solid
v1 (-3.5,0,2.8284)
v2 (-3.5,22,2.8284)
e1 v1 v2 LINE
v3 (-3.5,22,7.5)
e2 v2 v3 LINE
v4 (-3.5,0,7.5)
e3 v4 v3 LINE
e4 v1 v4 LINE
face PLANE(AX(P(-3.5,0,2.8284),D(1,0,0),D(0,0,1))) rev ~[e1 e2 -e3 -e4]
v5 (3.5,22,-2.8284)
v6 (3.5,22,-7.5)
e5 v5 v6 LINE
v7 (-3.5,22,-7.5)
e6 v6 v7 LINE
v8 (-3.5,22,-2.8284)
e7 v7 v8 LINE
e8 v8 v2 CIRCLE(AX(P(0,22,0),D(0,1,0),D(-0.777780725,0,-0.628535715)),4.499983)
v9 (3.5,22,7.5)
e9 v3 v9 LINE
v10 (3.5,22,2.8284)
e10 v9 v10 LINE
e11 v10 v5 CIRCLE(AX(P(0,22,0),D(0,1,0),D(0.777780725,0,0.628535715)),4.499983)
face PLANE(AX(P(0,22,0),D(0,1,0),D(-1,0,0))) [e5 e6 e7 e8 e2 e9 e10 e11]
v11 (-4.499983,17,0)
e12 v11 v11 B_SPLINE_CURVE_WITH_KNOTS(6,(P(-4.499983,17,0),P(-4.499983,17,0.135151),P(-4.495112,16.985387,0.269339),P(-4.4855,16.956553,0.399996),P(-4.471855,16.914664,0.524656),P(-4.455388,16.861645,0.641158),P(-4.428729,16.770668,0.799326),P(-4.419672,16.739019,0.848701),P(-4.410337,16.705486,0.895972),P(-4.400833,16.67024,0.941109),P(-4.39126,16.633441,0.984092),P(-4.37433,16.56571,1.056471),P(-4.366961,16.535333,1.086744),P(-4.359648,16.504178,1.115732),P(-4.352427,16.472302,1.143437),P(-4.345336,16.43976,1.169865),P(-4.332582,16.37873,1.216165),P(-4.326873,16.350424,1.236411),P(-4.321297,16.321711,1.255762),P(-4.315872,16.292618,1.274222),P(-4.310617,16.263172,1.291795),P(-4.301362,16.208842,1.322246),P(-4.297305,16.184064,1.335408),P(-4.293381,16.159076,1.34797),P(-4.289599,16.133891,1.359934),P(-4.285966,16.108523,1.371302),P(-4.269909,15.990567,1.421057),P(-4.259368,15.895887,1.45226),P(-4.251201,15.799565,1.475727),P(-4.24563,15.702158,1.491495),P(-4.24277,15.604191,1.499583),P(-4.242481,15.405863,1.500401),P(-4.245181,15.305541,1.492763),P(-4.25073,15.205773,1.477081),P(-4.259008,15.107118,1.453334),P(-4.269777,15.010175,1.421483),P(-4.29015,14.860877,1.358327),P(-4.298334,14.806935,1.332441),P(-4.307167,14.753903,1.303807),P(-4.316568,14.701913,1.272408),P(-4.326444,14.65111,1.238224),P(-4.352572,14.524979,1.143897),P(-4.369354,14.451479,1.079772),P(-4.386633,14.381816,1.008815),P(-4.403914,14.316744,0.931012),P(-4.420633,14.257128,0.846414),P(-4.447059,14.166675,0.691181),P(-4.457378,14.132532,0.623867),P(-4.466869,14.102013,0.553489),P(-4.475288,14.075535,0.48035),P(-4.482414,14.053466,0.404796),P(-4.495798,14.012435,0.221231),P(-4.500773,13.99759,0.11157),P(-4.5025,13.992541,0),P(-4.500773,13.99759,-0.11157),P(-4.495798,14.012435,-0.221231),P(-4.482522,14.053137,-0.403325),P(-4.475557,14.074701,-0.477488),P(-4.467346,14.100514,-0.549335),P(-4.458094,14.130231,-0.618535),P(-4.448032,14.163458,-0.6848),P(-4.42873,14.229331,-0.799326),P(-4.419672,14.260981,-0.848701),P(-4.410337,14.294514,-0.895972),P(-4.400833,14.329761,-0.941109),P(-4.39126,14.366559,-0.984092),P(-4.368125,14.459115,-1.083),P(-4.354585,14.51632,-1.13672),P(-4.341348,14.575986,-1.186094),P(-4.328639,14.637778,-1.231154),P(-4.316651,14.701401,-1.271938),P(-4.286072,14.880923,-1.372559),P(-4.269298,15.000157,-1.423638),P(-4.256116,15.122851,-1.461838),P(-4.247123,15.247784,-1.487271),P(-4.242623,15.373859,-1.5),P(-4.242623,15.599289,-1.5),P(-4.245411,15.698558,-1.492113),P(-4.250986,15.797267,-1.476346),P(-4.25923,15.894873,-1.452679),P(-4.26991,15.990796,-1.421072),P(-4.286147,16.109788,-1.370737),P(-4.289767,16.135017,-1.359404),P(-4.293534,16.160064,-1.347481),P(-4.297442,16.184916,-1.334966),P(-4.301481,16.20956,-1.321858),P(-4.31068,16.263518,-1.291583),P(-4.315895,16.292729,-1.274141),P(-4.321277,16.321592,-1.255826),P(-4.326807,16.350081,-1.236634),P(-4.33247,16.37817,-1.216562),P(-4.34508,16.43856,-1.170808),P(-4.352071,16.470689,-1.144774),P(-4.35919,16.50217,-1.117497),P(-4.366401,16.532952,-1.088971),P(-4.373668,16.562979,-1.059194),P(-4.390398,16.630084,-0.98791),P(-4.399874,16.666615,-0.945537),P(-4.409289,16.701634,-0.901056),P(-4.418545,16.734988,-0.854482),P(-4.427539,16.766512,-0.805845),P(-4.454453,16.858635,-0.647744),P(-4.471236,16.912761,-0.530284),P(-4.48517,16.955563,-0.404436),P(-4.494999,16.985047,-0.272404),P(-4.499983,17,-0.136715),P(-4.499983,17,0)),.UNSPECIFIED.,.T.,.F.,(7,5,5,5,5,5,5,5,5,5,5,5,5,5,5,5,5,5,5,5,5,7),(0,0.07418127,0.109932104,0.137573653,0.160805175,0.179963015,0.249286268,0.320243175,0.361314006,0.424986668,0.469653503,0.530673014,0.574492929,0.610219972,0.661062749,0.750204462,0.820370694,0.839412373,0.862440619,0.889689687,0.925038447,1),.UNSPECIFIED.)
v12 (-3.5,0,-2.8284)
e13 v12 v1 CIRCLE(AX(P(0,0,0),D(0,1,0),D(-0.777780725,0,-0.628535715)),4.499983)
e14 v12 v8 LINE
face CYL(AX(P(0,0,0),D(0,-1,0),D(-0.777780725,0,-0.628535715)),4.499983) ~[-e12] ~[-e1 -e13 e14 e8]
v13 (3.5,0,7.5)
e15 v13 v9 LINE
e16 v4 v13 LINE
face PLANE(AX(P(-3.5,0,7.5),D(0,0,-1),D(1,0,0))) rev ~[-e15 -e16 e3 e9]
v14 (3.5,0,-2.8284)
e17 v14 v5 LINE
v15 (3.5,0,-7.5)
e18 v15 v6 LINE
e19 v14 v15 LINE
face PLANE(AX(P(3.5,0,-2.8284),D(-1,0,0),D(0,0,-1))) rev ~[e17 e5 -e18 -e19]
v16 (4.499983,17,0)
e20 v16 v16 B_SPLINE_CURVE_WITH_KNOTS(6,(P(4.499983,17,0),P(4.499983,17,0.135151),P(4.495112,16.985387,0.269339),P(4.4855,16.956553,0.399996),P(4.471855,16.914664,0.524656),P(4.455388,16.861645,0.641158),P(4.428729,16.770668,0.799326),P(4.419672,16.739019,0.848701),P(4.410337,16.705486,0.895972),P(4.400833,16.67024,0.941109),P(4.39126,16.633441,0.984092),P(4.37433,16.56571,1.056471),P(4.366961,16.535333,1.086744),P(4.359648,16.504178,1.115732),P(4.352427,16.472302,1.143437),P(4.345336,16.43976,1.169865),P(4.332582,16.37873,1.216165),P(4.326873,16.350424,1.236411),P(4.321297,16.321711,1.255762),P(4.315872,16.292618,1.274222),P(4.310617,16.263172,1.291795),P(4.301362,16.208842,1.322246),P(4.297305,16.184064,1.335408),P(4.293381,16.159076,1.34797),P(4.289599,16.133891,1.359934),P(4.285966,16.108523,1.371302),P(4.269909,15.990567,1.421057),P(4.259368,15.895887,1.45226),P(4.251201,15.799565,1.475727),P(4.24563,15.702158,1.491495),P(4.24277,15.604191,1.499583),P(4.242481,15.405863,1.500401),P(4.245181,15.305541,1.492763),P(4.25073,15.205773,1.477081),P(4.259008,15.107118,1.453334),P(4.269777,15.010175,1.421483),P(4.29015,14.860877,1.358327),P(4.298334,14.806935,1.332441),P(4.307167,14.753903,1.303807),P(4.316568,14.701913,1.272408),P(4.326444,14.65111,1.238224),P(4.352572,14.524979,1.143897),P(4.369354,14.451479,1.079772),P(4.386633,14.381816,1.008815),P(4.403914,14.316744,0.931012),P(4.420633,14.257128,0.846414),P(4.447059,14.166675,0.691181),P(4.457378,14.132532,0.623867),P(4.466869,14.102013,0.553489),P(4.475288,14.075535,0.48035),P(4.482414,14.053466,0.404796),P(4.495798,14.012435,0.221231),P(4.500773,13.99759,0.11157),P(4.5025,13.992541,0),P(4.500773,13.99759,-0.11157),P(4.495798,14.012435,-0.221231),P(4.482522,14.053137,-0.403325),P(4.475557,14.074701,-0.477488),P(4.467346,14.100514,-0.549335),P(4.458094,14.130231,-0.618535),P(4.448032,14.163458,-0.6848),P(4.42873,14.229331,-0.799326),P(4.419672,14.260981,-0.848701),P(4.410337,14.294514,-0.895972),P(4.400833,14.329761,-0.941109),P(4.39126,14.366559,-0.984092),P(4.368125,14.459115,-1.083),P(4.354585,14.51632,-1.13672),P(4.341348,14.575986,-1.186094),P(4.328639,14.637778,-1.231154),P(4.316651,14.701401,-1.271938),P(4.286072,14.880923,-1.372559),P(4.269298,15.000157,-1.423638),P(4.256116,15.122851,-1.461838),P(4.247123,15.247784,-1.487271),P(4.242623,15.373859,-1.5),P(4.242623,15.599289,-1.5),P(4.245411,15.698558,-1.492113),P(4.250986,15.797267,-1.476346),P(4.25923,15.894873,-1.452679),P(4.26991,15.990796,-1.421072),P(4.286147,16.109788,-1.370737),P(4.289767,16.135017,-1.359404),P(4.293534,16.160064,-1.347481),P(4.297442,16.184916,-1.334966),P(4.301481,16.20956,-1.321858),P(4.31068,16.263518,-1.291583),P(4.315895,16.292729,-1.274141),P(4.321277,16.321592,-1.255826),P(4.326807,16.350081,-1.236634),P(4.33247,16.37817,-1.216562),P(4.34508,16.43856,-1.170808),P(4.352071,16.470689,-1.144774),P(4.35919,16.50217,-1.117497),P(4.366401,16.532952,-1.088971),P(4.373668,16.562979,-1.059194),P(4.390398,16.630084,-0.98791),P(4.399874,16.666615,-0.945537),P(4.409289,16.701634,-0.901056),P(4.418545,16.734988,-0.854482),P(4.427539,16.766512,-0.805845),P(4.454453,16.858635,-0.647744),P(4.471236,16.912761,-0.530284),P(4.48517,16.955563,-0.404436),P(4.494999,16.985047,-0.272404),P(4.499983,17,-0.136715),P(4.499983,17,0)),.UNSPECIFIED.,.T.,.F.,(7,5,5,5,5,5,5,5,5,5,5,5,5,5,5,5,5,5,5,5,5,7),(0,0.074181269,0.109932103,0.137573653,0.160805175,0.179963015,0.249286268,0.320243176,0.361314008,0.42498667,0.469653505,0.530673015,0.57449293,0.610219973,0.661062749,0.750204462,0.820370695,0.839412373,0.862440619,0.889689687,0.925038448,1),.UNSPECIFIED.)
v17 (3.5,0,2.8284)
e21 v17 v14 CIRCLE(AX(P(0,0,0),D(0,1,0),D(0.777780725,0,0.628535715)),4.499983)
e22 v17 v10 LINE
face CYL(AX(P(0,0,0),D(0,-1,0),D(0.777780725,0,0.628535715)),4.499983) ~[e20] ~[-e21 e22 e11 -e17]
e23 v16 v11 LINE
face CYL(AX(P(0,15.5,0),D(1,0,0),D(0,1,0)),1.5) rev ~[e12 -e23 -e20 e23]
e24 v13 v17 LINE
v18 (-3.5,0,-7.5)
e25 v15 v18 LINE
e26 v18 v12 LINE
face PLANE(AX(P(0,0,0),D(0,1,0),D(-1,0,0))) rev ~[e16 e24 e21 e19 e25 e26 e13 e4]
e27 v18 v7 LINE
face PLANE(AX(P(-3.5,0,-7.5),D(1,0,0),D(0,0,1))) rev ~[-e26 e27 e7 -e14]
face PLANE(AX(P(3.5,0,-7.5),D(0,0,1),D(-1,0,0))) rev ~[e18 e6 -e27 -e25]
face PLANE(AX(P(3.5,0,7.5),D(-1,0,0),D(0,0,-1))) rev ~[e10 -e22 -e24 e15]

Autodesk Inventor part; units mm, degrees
ref_plane "YZ Plane" through (0, 0, 0) normal (1, 0, 0) x (0, 1, 0)
ref_plane "XZ Plane" through (0, 0, 0) normal (0, 1, 0) x (-1, 0, 0)
ref_plane "XY Plane" through (0, 0, 0) normal (0, 0, 1) x (1, 0, 0)
sketch "Skizze1" plane through (0, 0, 0) normal (0, 1, 0) x (-1, 0, 0)
  line L0 (3.5, 7.5) -> (-3.5, 7.5)
  line L1 (-3.5, 7.5) -> (-3.5, 2.8284)
  line L2 (-3.5, -7.5) -> (3.5, -7.5)
  line L3 (3.5, -7.5) -> (3.5, -2.8284)
  line L4 (3.5, 7.5) -> (-3.5, -7.5) construction
  line L5 (-3.5, 7.5) -> (3.5, -7.5) construction
  line L6 (-3.5, -2.8284) -> (-3.5, -7.5)
  arc A0 (-3.5, 2.8284) -> (-3.5, -2.8284) centre (0, 0) ccw
  arc A1 (3.5, -2.8284) -> (3.5, 2.8284) centre (0, 0) ccw
  line L7 (3.5, 2.8284) -> (3.5, 7.5)
  line L8 (3.5, -2.8284) -> (3.5, 2.8284) construction
  line L9 (-3.5, -2.8284) -> (-3.5, 2.8284) construction
  arc A2 (-3.5, -2.8284) -> (3.5, -2.8284) centre (0, 0) ccw construction
  arc A3 (3.5, 2.8284) -> (-3.5, 2.8284) centre (0, 0) ccw construction
  dimension "d0" = 7
  dimension "d1" = 15
  dimension "d5" = 4.5
extrude "Extrusion1" add sketch "Skizze1" along normal blind 22
sketch "Skizze2" plane through (0, 0, 0) normal (1, 0, 0) x (0, 1, 0)
  circle A0 centre (15.5, 0) radius 1.5
  line L0 (0, -7.5) -> (22, -7.5) projected
  line L1 (22, -2.8284) -> (22, 2.8284) projected
  point P0 (0, 0)
  dimension "d8" = 3
  dimension "d9" = 7.5
  dimension "d10" = 6.5
extrude "Extrusion2" cut sketch "Skizze2" along normal through all both and the other way through all
properties part number "simpleste Anbindung"
